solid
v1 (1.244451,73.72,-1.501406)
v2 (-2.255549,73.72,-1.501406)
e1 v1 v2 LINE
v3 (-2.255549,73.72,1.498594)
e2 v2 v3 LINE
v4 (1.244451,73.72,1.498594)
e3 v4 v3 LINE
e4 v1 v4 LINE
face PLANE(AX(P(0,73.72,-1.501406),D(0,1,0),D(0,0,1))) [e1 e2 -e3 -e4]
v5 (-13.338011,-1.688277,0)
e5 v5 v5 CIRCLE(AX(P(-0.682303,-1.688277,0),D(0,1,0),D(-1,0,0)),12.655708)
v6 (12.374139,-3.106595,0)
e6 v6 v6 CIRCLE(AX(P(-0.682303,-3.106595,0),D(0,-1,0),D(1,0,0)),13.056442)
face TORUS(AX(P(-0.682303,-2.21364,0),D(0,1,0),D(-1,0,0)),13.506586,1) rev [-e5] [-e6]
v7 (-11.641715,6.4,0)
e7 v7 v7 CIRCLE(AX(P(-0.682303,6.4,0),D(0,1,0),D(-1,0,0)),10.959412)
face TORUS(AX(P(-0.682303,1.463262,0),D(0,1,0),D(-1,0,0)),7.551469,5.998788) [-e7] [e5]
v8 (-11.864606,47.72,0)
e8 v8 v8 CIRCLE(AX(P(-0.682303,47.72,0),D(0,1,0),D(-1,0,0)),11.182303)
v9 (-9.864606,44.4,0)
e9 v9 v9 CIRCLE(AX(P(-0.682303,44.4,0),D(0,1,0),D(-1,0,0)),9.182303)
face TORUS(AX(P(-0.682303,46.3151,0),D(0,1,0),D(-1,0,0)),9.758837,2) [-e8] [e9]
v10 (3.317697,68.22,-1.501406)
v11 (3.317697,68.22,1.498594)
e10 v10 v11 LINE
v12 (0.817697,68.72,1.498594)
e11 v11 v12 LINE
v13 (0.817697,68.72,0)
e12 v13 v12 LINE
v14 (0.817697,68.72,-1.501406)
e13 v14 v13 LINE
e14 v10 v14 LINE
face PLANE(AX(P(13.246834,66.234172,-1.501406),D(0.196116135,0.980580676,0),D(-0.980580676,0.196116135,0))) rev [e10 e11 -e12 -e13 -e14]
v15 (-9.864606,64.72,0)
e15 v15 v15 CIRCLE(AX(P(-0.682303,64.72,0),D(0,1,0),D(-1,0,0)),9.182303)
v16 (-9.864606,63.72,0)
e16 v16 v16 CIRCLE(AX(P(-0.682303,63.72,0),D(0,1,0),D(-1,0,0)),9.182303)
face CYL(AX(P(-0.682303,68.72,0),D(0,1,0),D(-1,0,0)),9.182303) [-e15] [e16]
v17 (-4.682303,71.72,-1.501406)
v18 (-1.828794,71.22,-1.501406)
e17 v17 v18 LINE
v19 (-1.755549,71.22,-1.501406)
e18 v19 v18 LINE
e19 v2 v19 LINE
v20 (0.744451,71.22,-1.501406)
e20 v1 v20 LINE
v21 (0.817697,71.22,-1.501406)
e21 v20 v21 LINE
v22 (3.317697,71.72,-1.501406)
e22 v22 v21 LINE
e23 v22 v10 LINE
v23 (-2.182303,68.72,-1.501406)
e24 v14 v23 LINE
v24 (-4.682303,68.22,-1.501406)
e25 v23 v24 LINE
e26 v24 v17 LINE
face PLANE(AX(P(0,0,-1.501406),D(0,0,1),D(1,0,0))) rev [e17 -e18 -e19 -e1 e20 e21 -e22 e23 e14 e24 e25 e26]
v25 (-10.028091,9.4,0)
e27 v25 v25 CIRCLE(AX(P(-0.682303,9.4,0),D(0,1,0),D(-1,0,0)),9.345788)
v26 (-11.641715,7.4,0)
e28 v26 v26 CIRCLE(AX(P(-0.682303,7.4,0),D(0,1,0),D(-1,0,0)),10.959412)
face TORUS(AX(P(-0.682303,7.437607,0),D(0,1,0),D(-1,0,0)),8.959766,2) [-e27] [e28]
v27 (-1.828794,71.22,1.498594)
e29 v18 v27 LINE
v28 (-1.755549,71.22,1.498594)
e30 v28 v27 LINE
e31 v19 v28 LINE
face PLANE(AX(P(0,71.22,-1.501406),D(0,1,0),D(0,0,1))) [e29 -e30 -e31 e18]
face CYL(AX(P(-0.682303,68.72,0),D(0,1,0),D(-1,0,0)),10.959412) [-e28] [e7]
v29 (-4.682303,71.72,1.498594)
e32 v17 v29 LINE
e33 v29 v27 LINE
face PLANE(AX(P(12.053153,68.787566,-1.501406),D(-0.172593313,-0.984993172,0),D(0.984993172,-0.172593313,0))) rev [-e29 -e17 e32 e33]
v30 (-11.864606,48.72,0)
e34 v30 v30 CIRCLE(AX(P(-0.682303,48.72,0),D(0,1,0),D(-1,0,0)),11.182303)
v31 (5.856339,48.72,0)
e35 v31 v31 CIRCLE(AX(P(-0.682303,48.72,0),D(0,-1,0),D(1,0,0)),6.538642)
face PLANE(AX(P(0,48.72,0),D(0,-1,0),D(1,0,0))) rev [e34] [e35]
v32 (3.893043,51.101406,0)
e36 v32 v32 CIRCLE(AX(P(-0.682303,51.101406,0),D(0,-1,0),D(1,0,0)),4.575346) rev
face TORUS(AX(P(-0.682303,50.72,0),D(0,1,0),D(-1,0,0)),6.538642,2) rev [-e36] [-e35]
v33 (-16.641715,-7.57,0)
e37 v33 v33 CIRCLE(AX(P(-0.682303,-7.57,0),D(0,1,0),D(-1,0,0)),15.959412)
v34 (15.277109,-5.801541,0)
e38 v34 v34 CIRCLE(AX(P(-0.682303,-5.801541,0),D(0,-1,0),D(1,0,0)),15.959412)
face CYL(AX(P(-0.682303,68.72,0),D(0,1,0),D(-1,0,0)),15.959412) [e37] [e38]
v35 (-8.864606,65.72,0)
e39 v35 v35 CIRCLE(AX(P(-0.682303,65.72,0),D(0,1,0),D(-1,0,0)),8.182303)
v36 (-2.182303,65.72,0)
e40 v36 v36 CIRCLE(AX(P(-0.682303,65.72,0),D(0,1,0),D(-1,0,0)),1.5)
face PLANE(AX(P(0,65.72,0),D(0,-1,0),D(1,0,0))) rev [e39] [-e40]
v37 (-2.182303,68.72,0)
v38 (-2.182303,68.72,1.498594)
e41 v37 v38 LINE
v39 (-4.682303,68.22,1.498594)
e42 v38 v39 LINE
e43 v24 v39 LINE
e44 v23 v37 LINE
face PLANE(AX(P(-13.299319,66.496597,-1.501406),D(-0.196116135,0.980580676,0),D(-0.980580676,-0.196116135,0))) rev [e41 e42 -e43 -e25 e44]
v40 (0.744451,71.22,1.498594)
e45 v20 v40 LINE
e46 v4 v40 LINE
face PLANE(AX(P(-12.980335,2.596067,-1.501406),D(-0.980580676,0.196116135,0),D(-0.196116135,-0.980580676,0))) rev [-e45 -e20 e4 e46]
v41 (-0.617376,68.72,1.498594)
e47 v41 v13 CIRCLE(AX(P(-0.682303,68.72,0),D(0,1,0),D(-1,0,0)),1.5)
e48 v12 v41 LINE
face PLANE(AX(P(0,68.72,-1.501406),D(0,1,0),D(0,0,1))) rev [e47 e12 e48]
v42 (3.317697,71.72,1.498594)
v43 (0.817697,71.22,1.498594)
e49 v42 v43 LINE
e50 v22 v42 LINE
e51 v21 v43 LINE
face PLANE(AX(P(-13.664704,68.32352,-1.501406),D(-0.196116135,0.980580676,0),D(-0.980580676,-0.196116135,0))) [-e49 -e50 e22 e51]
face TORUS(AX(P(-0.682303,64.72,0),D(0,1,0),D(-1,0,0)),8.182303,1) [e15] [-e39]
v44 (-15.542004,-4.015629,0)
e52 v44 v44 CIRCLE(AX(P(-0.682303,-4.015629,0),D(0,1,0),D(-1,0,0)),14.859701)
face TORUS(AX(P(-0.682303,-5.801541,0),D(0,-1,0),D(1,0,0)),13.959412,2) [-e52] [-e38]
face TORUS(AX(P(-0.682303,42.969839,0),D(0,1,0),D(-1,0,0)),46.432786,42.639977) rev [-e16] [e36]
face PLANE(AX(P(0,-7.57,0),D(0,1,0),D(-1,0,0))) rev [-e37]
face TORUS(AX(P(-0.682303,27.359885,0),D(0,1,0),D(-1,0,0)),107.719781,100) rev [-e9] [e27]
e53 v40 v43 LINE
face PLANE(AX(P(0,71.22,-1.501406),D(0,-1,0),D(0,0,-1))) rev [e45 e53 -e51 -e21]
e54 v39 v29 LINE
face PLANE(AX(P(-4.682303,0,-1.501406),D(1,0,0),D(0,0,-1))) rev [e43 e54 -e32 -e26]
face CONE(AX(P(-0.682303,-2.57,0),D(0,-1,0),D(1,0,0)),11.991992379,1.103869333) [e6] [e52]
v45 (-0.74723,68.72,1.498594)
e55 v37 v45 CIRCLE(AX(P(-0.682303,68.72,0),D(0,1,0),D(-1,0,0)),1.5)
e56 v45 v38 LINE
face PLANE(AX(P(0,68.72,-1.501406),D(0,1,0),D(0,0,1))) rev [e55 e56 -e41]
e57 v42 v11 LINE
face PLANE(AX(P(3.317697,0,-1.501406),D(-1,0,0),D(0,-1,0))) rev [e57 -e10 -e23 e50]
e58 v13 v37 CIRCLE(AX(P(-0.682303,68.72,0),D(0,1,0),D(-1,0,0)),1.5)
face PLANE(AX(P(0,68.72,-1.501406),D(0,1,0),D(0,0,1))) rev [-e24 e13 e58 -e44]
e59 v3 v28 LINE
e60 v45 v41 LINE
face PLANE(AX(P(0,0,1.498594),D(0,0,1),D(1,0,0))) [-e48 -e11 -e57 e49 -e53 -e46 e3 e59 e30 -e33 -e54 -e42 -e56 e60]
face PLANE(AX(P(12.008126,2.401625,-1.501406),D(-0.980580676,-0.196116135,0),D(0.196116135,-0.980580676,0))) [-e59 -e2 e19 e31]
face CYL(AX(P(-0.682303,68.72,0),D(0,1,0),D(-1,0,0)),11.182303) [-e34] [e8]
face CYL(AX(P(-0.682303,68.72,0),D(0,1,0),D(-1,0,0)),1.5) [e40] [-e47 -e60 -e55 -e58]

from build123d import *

# Parameters (mm, degrees)
BOSS_EXTRUDE1_DEPTH = 3
FILLET1_R           = 2
FILLET2_R           = 1
FILLET3_R           = 2


with BuildPart() as part:
    # Sketch3 → Revolve1 (revolve)
    with BuildSketch(Plane.XY, mode=Mode.PRIVATE) as revolve1_sk:
        with BuildLine():
            Line((-0.682303149, 68.72), (-0.682303149, -7.57))
            Line((-0.682303149, -7.57), (13.277108949, -7.57))
            Line((13.277108949, -7.57), (15.277108949, -7.57))
            Line((15.277108949, -7.57), (15.277108949, -4.57))
            Line((15.277108949, -4.57), (11.30968923, -2.57))
            ThreePointArc((11.30968923, -2.57), (12.828597915, 2.149281625), (10.277108949, 6.4))
            Line((10.277108949, 6.4), (10.277108949, 7.4))
            ThreePointArc((10.277108949, 7.4), (9.834014283, 8.693451807), (8.663484441, 9.4))
            ThreePointArc((8.663484441, 9.4), (7.03856846, 26.89279186), (8.5, 44.4))
            ThreePointArc((8.5, 44.4), (10.789695479, 45.283075013), (10.5, 47.72))
            Line((10.5, 47.72), (10.5, 48.72))
            Line((10.5, 48.72), (3.5, 48.72))
            ThreePointArc((3.5, 48.72), (5.298648693, 56.453783769), (8.5, 63.72))
            Line((8.5, 63.72), (8.5, 64.72))
            ThreePointArc((8.5, 64.72), (8.207106781, 65.427106781), (7.5, 65.72))
            Line((7.5, 65.72), (0.817696851, 65.72))
            Line((0.817696851, 65.72), (0.817696851, 68.72))
            Line((0.817696851, 68.72), (-0.682303149, 68.72))
        make_face()
    revolve(revolve1_sk.sketch.rotate(Axis((-0.682303149, 68.72, 0), (0, -1, 0)), 180), axis=Axis((-0.682303149, 68.72, 0), (0, -1, 0)))

    # Sketch4 → Boss-Extrude1 (add)
    with BuildSketch(Plane.XY.offset(1.498594167)):
        Polygon((3.317696851, 71.72), (0.817696851, 71.22), (0.74445139, 71.22), (1.24445139, 73.72), (-2.25554861, 73.72), (-1.75554861, 71.22), (-1.828794072, 71.22), (-4.682303149, 71.72), (-4.682303149, 68.22), (-2.182303149, 68.72), (0.817696851, 68.72), (3.317696851, 68.22), align=None)
    extrude(amount=-BOSS_EXTRUDE1_DEPTH)

    # Fillet1
    fillet1_edges = [part.edges().sort_by_distance(p)[0] for p in [
        (15.277108949, -4.57, 0),
    ]]
    fillet(fillet1_edges, radius=FILLET1_R)

    # Fillet2
    fillet2_edges = [part.edges().sort_by_distance(p)[0] for p in [
        (11.30968923, -2.57, 0),
    ]]
    fillet(fillet2_edges, radius=FILLET2_R)

    # Fillet3
    fillet3_edges = [part.edges().sort_by_distance(p)[0] for p in [
        (3.5, 48.72, 0),
    ]]
    fillet(fillet3_edges, radius=FILLET3_R)


solid = part.part
